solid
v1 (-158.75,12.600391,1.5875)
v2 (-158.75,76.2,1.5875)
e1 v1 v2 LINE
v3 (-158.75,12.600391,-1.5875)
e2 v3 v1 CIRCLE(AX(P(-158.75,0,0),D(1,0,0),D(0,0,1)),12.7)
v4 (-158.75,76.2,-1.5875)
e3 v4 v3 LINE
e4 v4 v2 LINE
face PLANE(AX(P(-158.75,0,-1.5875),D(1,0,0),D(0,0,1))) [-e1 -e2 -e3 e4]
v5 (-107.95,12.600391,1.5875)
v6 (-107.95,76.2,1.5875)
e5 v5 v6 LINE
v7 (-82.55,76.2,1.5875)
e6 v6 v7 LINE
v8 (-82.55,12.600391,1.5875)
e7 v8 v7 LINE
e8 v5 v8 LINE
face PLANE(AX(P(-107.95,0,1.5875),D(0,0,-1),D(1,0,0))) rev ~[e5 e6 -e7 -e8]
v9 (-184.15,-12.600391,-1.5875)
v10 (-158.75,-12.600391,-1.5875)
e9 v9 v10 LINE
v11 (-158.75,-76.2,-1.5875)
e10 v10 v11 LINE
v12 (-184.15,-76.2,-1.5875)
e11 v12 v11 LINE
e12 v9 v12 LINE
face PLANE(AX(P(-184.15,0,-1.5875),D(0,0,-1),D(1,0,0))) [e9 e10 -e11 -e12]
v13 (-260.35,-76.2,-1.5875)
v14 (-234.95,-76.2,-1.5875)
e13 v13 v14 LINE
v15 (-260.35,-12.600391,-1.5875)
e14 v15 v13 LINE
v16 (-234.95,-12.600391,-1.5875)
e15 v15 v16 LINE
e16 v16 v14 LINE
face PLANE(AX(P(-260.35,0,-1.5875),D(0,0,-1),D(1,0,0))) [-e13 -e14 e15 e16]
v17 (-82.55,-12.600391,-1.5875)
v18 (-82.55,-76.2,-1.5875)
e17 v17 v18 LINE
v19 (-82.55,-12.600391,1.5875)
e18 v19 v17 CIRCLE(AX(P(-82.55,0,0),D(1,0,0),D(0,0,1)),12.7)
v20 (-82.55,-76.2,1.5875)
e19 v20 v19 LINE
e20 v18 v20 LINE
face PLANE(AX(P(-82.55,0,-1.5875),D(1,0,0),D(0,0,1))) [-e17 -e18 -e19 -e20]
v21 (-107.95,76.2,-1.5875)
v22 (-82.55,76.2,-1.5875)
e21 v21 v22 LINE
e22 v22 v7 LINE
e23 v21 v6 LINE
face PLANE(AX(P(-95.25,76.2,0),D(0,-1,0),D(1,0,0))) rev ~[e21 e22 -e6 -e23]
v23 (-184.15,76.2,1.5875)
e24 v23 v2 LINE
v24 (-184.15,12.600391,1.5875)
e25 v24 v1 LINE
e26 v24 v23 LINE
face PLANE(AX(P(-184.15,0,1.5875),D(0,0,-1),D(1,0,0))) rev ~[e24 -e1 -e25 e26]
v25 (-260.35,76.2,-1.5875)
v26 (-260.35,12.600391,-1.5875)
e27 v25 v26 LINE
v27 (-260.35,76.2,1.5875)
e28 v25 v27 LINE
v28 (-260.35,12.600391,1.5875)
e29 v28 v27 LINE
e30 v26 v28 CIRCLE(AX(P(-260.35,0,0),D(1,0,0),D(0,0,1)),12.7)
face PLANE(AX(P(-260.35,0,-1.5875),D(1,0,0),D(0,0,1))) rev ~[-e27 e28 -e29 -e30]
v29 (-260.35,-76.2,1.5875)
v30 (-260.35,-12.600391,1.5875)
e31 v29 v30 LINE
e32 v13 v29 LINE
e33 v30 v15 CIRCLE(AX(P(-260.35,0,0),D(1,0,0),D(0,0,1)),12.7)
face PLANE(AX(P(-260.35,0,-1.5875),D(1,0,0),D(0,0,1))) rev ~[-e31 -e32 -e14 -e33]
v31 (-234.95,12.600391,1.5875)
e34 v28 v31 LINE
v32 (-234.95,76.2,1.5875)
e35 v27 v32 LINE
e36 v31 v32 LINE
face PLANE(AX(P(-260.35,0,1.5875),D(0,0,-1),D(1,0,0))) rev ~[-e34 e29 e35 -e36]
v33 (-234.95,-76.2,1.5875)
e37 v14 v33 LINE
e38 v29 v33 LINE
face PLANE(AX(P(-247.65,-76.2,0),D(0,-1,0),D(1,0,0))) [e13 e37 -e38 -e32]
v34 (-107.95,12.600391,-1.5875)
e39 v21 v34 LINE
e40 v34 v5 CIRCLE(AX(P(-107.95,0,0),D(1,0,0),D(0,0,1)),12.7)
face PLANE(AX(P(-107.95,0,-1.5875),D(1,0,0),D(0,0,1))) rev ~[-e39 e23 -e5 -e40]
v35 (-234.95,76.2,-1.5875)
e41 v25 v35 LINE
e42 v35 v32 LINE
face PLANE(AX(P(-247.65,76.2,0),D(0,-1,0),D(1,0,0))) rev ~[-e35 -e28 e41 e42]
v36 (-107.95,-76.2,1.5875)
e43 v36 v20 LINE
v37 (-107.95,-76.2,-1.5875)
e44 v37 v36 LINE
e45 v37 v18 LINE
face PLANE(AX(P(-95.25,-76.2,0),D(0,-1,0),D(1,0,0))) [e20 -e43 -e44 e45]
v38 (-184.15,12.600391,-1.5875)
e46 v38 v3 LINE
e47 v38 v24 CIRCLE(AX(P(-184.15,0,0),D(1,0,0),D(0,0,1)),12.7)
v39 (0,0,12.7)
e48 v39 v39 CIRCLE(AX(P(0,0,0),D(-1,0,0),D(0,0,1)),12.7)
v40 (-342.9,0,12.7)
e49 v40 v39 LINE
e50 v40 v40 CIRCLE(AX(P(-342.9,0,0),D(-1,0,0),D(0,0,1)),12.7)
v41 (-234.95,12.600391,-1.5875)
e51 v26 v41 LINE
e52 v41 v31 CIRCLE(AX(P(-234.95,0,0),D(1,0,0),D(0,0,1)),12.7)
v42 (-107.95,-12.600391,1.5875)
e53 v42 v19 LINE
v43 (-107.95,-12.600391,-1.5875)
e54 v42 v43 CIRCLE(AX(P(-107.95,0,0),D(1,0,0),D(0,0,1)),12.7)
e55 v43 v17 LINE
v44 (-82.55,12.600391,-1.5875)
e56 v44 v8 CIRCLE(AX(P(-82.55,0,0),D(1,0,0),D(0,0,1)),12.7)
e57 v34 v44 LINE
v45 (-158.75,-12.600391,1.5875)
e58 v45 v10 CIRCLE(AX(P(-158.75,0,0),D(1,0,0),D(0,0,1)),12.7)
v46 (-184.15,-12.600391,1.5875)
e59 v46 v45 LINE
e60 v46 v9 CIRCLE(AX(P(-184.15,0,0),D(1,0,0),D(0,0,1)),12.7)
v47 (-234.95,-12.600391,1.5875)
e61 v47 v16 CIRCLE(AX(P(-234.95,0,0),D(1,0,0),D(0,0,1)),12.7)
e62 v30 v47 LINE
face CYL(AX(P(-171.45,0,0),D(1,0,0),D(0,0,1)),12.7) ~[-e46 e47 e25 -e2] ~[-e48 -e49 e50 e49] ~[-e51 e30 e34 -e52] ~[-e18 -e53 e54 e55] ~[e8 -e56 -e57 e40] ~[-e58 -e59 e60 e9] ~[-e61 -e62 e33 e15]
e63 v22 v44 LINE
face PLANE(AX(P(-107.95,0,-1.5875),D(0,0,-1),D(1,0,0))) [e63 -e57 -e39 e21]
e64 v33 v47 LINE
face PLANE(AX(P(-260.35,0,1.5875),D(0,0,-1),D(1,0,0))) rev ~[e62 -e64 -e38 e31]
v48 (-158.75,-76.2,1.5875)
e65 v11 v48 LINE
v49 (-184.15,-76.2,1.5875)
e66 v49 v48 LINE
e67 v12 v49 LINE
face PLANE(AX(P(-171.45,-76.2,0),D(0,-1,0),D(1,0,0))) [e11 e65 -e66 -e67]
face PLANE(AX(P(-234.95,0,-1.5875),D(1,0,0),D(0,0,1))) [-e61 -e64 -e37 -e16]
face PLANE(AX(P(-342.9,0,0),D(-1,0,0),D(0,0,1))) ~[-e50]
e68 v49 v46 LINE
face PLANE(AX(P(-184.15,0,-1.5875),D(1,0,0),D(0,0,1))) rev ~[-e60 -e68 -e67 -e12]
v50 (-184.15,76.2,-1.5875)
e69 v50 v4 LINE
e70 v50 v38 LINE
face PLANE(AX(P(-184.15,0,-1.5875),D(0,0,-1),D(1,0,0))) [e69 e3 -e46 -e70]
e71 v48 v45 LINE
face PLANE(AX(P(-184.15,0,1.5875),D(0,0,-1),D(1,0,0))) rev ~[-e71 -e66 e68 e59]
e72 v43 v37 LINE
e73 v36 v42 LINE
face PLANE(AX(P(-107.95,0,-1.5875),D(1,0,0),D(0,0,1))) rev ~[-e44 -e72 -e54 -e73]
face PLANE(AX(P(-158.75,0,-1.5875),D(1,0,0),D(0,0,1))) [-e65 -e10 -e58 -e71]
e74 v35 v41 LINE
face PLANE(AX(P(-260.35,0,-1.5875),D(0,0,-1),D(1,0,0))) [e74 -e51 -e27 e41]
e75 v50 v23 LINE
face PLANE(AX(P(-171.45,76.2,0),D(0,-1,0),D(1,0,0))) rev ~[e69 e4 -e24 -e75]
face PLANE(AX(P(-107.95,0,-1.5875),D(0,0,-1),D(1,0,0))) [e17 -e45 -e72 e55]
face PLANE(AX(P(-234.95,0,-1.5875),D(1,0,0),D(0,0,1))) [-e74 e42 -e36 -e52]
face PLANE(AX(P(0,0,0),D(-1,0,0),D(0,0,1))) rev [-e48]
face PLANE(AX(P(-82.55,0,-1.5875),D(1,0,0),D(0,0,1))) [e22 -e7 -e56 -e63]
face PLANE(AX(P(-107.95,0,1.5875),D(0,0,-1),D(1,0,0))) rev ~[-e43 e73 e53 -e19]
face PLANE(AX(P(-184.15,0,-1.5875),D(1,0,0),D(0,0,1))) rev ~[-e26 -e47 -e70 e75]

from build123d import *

# Parameters (mm, degrees)
F1_W     = 25.4
F1_H     = 3.175
F4_DEPTH = 76.2
F2_W     = 25.4
F2_H     = 3.175
F3_W     = 25.4
F3_H     = 3.175
F0_W     = 342.9
F0_H     = 12.7


with BuildPart() as f4:
    # F1 (on face) → F4 (new body, symmetric)
    with BuildSketch(Plane.XZ):
        with Locations((-247.65, 0)):
            Rectangle(F1_W, F1_H)
    extrude(amount=F4_DEPTH, both=True)



with BuildPart() as f4b:
    # F2 (on face) → F4, piece 2 (new body, symmetric)
    with BuildSketch(Plane.XZ):
        with Locations((-171.45, 0)):
            Rectangle(F2_W, F2_H)
    extrude(amount=F4_DEPTH, both=True)


with BuildPart() as f4c:
    # F3 (on face) → F4, piece 3 (new body, symmetric)
    with BuildSketch(Plane.XZ):
        with Locations((-95.25, 0)):
            Rectangle(F3_W, F3_H)
    extrude(amount=F4_DEPTH, both=True)


with BuildPart() as f4_1:
    add(f4.part)

    add(f4b.part)  # F5 merges F4b

    add(f4c.part)  # F5 merges F4c
    # F0 (on Front) → F5 (revolve)
    with BuildSketch(Plane.XZ):
        with Locations((-171.45, 6.35)):
            Rectangle(F0_W, F0_H)
    revolve(axis=Axis((-171.45, 0, 0), (-1, 0, 0)))


solid = f4_1.part
